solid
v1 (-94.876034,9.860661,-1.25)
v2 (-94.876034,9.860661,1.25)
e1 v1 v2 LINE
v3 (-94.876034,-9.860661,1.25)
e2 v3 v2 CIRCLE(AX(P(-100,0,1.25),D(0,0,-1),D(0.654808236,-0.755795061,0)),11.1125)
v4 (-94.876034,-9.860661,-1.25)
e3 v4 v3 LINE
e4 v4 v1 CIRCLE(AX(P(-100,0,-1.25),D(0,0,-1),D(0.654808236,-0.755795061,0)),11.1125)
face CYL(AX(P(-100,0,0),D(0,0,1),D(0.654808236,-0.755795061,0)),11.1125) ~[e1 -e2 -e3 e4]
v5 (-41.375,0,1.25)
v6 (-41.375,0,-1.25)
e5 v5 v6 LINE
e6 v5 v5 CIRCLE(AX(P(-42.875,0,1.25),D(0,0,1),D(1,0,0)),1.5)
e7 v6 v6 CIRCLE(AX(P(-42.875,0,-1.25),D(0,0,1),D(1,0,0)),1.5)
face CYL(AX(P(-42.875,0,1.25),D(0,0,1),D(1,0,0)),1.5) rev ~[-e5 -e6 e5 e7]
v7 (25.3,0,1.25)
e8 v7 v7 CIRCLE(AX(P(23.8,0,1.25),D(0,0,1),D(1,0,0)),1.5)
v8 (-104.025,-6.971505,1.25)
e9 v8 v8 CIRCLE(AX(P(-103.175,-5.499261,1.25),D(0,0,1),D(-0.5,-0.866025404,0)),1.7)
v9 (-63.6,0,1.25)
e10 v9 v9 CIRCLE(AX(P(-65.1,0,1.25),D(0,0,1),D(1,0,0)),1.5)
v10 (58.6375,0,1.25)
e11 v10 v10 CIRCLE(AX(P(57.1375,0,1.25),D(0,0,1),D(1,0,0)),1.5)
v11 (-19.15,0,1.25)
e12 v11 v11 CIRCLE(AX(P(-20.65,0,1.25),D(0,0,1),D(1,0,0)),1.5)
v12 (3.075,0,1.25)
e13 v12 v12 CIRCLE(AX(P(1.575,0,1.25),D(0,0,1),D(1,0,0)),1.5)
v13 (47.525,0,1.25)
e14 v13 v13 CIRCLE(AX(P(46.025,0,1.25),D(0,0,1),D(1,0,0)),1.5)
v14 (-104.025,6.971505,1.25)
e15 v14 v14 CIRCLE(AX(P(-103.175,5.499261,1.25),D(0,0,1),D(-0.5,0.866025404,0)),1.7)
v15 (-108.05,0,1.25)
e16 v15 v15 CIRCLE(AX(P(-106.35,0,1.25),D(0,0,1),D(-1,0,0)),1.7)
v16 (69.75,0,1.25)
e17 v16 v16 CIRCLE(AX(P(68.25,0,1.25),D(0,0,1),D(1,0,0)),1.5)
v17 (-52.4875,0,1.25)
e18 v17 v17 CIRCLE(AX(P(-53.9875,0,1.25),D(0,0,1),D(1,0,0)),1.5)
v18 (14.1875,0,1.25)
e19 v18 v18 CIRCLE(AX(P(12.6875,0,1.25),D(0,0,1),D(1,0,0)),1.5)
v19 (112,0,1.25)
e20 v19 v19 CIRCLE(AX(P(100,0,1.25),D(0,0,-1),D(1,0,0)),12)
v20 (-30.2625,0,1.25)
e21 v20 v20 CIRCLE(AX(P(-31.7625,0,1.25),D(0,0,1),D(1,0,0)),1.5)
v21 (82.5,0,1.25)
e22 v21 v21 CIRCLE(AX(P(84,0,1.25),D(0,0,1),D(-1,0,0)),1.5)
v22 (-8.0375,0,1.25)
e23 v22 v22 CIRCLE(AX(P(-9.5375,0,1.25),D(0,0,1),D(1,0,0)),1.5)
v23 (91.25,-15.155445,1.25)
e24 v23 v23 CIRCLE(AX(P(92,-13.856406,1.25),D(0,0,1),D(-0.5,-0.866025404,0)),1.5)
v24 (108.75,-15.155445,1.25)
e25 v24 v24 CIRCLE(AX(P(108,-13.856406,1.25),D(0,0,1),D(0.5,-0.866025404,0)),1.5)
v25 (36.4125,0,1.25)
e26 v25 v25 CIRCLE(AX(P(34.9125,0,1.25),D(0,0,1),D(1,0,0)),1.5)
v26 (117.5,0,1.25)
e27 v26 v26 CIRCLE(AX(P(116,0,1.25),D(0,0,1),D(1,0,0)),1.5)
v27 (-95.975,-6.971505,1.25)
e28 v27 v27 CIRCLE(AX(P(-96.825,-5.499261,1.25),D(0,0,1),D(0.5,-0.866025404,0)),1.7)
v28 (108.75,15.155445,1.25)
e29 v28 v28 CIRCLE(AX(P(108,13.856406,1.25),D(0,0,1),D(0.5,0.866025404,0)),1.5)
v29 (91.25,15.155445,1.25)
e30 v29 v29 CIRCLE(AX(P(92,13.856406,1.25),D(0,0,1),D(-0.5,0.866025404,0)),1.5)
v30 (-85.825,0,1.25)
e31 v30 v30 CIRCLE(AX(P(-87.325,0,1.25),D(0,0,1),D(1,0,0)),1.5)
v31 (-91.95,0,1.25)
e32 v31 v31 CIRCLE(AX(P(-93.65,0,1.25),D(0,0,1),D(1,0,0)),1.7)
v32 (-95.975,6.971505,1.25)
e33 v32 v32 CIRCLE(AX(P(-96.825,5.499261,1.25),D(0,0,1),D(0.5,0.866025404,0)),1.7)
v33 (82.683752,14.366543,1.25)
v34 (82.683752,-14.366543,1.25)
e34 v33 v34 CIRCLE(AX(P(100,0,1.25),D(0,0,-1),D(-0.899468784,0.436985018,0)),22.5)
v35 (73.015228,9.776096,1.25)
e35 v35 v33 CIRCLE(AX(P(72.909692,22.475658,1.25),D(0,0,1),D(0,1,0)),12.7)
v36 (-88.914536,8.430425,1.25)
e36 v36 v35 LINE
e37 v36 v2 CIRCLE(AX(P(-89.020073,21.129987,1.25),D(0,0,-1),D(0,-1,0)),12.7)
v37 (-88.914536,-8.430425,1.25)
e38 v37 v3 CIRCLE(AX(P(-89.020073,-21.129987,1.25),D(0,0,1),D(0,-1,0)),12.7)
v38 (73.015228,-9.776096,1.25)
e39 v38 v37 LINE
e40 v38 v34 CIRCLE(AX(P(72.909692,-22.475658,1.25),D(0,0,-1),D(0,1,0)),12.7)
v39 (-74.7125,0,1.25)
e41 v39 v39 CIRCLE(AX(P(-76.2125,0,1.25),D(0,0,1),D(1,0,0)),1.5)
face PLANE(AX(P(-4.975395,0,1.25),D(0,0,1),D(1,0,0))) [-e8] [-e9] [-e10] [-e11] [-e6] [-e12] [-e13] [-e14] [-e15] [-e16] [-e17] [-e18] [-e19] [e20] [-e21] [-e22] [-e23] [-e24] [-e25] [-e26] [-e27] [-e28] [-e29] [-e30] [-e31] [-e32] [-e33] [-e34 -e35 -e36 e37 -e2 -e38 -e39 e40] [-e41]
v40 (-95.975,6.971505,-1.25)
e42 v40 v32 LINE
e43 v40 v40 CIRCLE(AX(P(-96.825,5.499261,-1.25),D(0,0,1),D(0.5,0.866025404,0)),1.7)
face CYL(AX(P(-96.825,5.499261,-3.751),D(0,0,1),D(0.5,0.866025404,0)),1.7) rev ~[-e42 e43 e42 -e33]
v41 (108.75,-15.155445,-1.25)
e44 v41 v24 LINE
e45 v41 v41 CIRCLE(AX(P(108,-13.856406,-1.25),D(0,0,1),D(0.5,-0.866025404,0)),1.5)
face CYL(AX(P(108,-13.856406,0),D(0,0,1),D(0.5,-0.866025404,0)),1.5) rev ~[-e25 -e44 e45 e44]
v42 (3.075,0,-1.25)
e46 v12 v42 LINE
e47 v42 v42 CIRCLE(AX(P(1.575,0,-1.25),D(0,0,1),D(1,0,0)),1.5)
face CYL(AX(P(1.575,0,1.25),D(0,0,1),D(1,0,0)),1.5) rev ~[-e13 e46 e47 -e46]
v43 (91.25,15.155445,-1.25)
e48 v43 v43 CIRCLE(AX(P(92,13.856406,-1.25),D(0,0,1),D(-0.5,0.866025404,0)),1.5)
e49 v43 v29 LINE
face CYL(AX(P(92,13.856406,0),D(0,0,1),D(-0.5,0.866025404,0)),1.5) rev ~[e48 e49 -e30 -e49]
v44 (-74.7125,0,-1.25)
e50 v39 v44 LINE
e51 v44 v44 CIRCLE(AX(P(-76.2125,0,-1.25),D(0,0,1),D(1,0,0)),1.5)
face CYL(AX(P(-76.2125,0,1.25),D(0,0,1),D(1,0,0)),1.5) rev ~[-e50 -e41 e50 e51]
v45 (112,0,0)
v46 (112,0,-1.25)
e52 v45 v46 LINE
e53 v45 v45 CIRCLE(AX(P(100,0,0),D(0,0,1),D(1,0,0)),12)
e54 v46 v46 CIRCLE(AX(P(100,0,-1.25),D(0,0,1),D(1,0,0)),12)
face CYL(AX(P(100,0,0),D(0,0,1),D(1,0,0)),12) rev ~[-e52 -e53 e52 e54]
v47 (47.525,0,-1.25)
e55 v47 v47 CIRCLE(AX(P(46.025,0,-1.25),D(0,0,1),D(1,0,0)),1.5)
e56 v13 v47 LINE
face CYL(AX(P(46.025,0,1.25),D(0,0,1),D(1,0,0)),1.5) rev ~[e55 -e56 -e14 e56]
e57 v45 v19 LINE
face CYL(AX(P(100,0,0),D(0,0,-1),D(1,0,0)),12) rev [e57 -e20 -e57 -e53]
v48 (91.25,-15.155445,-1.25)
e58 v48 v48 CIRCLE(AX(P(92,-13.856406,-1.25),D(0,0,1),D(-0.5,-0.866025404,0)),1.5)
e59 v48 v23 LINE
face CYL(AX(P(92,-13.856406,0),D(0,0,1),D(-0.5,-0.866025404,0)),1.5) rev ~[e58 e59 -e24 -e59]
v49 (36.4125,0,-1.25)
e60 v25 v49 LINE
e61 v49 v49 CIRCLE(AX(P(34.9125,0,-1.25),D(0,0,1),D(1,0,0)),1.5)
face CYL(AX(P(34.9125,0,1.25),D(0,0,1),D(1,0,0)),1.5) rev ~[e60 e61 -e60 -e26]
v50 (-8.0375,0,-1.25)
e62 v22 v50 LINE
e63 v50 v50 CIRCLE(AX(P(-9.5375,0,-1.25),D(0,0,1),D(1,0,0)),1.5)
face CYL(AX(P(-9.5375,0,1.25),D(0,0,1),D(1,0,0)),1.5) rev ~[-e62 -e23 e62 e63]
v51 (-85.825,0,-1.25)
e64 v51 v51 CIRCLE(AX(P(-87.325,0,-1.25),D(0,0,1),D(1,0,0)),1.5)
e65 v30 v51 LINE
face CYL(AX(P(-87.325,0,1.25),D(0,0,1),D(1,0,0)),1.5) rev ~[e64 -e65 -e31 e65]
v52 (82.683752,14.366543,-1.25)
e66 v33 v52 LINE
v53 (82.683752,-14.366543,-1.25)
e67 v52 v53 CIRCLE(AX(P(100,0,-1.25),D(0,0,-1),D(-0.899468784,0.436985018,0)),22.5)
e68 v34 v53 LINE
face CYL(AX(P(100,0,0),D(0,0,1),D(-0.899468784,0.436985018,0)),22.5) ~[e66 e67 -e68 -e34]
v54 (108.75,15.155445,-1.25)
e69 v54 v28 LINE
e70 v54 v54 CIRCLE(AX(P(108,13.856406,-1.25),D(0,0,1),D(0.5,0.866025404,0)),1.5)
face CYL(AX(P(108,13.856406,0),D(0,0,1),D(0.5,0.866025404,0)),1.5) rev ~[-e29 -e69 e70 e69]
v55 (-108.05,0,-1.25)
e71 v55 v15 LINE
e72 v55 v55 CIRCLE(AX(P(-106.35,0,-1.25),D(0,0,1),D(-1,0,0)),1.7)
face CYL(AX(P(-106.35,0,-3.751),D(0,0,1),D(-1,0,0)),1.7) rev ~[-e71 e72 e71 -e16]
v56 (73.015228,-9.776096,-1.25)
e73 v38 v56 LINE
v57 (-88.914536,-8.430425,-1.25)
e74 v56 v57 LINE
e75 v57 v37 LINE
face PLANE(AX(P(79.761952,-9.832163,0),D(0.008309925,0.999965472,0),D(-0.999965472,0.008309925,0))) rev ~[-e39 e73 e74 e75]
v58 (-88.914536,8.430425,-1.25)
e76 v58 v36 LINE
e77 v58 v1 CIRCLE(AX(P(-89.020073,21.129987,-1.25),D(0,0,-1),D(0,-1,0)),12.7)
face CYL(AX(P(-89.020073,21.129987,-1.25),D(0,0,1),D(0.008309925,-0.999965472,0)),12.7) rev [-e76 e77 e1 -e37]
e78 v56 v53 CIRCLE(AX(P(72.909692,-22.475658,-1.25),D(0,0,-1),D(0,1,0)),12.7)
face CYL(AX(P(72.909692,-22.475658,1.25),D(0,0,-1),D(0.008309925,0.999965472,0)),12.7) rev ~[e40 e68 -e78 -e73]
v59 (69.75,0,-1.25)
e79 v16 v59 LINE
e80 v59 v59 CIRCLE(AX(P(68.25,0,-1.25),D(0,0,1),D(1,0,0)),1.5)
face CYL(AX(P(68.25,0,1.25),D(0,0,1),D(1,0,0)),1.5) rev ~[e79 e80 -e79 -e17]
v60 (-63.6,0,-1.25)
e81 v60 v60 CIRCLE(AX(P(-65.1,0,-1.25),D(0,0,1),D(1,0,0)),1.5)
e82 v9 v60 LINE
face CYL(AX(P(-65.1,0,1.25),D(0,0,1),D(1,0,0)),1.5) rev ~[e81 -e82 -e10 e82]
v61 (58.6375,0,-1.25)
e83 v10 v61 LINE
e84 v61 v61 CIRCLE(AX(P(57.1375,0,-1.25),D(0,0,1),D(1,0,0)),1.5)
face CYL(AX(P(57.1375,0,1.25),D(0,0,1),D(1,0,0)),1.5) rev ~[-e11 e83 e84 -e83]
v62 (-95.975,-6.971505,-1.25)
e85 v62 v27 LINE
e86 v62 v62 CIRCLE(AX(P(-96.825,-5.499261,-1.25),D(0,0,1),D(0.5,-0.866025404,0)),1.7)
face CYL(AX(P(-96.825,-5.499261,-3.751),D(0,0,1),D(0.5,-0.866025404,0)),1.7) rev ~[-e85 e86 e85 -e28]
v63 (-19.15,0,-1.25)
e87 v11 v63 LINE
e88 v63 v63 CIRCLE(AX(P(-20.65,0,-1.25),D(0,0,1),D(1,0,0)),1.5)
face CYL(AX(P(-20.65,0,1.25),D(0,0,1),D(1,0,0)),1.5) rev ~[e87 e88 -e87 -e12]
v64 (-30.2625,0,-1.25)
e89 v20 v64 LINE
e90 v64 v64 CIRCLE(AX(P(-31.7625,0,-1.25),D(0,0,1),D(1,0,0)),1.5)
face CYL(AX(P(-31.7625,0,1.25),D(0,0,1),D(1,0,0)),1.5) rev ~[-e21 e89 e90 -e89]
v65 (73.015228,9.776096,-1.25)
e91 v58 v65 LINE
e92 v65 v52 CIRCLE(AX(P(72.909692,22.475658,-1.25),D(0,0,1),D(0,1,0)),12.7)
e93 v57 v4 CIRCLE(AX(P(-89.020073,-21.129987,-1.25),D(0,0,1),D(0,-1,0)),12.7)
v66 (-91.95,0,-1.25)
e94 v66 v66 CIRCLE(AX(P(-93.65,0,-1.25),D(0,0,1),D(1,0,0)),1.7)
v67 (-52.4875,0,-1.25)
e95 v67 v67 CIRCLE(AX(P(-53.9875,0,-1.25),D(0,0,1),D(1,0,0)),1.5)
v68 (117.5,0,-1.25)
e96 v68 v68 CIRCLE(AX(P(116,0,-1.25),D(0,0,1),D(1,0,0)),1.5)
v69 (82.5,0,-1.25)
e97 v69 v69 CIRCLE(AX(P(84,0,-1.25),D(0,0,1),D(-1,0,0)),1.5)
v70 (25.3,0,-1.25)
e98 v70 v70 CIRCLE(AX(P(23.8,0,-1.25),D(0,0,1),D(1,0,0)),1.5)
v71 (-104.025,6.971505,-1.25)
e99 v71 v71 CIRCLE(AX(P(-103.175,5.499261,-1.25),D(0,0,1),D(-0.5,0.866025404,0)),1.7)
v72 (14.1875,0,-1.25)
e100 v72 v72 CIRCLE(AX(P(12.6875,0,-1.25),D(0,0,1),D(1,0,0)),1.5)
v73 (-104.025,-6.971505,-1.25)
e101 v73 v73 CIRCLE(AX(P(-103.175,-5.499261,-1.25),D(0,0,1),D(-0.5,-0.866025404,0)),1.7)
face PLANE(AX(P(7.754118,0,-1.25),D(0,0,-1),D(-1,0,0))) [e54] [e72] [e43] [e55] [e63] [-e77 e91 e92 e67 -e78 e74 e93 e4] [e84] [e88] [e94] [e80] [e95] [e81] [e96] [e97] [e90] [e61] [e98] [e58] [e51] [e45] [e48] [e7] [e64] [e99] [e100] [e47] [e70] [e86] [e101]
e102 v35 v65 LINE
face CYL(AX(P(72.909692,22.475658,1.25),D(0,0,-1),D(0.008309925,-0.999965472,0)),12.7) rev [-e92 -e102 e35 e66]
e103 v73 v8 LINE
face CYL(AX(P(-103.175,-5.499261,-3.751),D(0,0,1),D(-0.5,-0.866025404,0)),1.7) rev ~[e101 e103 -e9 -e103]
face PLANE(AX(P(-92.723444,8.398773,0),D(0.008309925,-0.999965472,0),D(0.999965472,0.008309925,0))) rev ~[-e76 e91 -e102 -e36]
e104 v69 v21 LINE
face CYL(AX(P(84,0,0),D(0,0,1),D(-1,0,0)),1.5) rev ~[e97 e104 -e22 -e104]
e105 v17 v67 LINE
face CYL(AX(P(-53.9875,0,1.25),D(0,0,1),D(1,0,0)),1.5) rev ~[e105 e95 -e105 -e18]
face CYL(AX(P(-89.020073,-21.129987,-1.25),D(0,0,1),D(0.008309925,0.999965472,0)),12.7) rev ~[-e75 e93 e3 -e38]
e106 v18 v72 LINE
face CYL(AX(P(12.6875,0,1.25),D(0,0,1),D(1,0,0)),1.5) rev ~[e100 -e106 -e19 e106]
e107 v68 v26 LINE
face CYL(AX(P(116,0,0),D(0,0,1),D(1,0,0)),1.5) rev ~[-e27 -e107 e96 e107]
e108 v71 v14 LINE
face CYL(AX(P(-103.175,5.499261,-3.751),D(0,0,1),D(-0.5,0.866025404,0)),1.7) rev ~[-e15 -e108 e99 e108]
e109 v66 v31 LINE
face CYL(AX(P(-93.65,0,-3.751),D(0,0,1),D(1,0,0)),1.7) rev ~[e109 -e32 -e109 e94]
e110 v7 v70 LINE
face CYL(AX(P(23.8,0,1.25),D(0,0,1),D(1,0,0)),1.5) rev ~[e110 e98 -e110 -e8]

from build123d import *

# Parameters (mm, degrees)
BOSS_EXTRUDE1_DEPTH      = 1.25000004
FILLET1_R                = 12.7
BOSS_EXTRUDE2_DEPTH      = 1.25000004
SKETCH3_R                = 12
CUT_EXTRUDE1_DEPTH       = 2.25000004
CUT_EXTRUDE1_DEPTH_BACK  = 2.25000004
SKETCH5_R                = 1.500000048
CUT_EXTRUDE2_DEPTH       = 2.25000004
CIRPATTERN1_COUNT        = 6
SKETCH6_R                = 1.500000048
CUT_EXTRUDE3_DEPTH       = 1
CUT_EXTRUDE3_DEPTH_BACK  = 3.50000008
M3_CLEARANCE_HOLE1_D     = 3.4
M3_CLEARANCE_HOLE1_DEPTH = 2.50100008
CIRPATTERN3_COUNT        = 6


with BuildPart() as part:
    # Sketch1 → Boss-Extrude1 (new body, symmetric)
    with BuildSketch(Plane.XY):
        with BuildLine():
            Line((-92.723443504, 8.398772615), (79.761952414, 9.832162885))
            ThreePointArc((79.761952414, 9.832162885), (122.499999983, 0), (79.761952414, -9.832162885))
            Line((79.761952414, -9.832162885), (-92.723443504, -8.398772615))
            ThreePointArc((-92.723443504, -8.398772615), (-111.112500025, 0), (-92.723443504, 8.398772615))
        make_face()
        with BuildLine():
            Line((-88.989202767, 1.5), (77.685740638, 2.885104175))
            ThreePointArc((77.685740638, 2.885104175), (77.500000067, 0), (77.685740638, -2.885104175))
            Line((77.685740638, -2.885104175), (-88.989202767, -1.5))
            Line((-88.989202767, -1.5), (-88.989202767, 1.5))
        make_face(mode=Mode.SUBTRACT)
    extrude(amount=BOSS_EXTRUDE1_DEPTH, both=True)

    # Fillet1
    fillet1_edges = [part.edges().sort_by_distance(p)[0] for p in [
        (-92.723443504, 8.398772615, 0),
        (79.761952414, 9.832162885, 0),
        (79.761952414, -9.832162885, 0),
        (-92.723443504, -8.398772615, 0),
    ]]
    fillet(fillet1_edges, radius=FILLET1_R)

    # Sketch2 → Boss-Extrude2 (add, symmetric)
    with BuildSketch(Plane.XY):
        with BuildLine():
            Line((-88.989202767, 1.5), (-88.989202767, -1.5))
            Line((-88.989202767, -1.5), (77.685740638, -2.885104175))
            ThreePointArc((77.685740638, -2.885104175), (77.500000067, 0), (77.685740638, 2.885104175))
            Line((77.685740638, 2.885104175), (-88.989202767, 1.5))
        make_face()
    extrude(amount=BOSS_EXTRUDE2_DEPTH, both=True)

    # Sketch3 → Cut-Extrude1 (cut, two sides)
    with BuildSketch(Plane.XY) as cut_extrude1_sk:
        with Locations((100.000000025, 0)):
            Circle(SKETCH3_R)
    extrude(amount=CUT_EXTRUDE1_DEPTH, mode=Mode.SUBTRACT)
    extrude(cut_extrude1_sk.sketch, amount=-CUT_EXTRUDE1_DEPTH_BACK, mode=Mode.SUBTRACT)

    # Sketch5 → Cut-Extrude2 (cut, symmetric)
    with BuildSketch(Plane.XY):
        with Locations((116.000000029, 0)):
            Circle(SKETCH5_R)
    cut_extrude2 = extrude(amount=CUT_EXTRUDE2_DEPTH, both=True, mode=Mode.SUBTRACT)

    # CirPattern1: Cut-Extrude2 ×6 about axis
    cirpattern1_axis = Axis((100.000000025, 0, 0), (0, 0, 1))
    for i in range(1, CIRPATTERN1_COUNT):
        add(cut_extrude2.rotate(cirpattern1_axis, i * 360 / CIRPATTERN1_COUNT), mode=Mode.SUBTRACT)

    # Sketch6 → Cut-Extrude3 (cut, two sides)
    with BuildSketch(Plane.XY.offset(1.25000004)) as cut_extrude3_sk:
        with Locations((68.250000025, 0)):
            Circle(SKETCH6_R)
        with Locations((57.137500025, 0)):
            Circle(SKETCH6_R)
        with Locations((46.025000025, 0)):
            Circle(SKETCH6_R)
        with Locations((34.912500025, 0)):
            Circle(SKETCH6_R)
        with Locations((23.800000025, 0)):
            Circle(SKETCH6_R)
        with Locations((12.687500025, 0)):
            Circle(SKETCH6_R)
        with Locations((1.575000025, 0)):
            Circle(SKETCH6_R)
        with Locations((-9.537499975, 0)):
            Circle(SKETCH6_R)
        with Locations((-20.649999975, 0)):
            Circle(SKETCH6_R)
        with Locations((-31.762499975, 0)):
            Circle(SKETCH6_R)
        with Locations((-42.874999975, 0)):
            Circle(SKETCH6_R)
        with Locations((-53.987499975, 0)):
            Circle(SKETCH6_R)
        with Locations((-65.099999975, 0)):
            Circle(SKETCH6_R)
        with Locations((-76.212499975, 0)):
            Circle(SKETCH6_R)
        with Locations((-87.324999975, 0)):
            Circle(SKETCH6_R)
    extrude(amount=CUT_EXTRUDE3_DEPTH, mode=Mode.SUBTRACT)
    extrude(cut_extrude3_sk.sketch, amount=-CUT_EXTRUDE3_DEPTH_BACK, mode=Mode.SUBTRACT)

    # M3 Clearance Hole1
    with Locations(Plane(origin=(0, 0, -1.25000004), x_dir=(-1, 0, 0), z_dir=(0, 0, -1))):
        with Locations((93.650000025, 0)):
            m3_clearance_hole1 = Hole(M3_CLEARANCE_HOLE1_D / 2, depth=M3_CLEARANCE_HOLE1_DEPTH)

    # CirPattern3: M3 Clearance Hole1 ×6 about axis
    cirpattern3_axis = Axis((-100.000000025, 0, 0), (0, 0, 1))
    for i in range(1, CIRPATTERN3_COUNT):
        add(m3_clearance_hole1.rotate(cirpattern3_axis, i * 360 / CIRPATTERN3_COUNT), mode=Mode.SUBTRACT)


solid = part.part
